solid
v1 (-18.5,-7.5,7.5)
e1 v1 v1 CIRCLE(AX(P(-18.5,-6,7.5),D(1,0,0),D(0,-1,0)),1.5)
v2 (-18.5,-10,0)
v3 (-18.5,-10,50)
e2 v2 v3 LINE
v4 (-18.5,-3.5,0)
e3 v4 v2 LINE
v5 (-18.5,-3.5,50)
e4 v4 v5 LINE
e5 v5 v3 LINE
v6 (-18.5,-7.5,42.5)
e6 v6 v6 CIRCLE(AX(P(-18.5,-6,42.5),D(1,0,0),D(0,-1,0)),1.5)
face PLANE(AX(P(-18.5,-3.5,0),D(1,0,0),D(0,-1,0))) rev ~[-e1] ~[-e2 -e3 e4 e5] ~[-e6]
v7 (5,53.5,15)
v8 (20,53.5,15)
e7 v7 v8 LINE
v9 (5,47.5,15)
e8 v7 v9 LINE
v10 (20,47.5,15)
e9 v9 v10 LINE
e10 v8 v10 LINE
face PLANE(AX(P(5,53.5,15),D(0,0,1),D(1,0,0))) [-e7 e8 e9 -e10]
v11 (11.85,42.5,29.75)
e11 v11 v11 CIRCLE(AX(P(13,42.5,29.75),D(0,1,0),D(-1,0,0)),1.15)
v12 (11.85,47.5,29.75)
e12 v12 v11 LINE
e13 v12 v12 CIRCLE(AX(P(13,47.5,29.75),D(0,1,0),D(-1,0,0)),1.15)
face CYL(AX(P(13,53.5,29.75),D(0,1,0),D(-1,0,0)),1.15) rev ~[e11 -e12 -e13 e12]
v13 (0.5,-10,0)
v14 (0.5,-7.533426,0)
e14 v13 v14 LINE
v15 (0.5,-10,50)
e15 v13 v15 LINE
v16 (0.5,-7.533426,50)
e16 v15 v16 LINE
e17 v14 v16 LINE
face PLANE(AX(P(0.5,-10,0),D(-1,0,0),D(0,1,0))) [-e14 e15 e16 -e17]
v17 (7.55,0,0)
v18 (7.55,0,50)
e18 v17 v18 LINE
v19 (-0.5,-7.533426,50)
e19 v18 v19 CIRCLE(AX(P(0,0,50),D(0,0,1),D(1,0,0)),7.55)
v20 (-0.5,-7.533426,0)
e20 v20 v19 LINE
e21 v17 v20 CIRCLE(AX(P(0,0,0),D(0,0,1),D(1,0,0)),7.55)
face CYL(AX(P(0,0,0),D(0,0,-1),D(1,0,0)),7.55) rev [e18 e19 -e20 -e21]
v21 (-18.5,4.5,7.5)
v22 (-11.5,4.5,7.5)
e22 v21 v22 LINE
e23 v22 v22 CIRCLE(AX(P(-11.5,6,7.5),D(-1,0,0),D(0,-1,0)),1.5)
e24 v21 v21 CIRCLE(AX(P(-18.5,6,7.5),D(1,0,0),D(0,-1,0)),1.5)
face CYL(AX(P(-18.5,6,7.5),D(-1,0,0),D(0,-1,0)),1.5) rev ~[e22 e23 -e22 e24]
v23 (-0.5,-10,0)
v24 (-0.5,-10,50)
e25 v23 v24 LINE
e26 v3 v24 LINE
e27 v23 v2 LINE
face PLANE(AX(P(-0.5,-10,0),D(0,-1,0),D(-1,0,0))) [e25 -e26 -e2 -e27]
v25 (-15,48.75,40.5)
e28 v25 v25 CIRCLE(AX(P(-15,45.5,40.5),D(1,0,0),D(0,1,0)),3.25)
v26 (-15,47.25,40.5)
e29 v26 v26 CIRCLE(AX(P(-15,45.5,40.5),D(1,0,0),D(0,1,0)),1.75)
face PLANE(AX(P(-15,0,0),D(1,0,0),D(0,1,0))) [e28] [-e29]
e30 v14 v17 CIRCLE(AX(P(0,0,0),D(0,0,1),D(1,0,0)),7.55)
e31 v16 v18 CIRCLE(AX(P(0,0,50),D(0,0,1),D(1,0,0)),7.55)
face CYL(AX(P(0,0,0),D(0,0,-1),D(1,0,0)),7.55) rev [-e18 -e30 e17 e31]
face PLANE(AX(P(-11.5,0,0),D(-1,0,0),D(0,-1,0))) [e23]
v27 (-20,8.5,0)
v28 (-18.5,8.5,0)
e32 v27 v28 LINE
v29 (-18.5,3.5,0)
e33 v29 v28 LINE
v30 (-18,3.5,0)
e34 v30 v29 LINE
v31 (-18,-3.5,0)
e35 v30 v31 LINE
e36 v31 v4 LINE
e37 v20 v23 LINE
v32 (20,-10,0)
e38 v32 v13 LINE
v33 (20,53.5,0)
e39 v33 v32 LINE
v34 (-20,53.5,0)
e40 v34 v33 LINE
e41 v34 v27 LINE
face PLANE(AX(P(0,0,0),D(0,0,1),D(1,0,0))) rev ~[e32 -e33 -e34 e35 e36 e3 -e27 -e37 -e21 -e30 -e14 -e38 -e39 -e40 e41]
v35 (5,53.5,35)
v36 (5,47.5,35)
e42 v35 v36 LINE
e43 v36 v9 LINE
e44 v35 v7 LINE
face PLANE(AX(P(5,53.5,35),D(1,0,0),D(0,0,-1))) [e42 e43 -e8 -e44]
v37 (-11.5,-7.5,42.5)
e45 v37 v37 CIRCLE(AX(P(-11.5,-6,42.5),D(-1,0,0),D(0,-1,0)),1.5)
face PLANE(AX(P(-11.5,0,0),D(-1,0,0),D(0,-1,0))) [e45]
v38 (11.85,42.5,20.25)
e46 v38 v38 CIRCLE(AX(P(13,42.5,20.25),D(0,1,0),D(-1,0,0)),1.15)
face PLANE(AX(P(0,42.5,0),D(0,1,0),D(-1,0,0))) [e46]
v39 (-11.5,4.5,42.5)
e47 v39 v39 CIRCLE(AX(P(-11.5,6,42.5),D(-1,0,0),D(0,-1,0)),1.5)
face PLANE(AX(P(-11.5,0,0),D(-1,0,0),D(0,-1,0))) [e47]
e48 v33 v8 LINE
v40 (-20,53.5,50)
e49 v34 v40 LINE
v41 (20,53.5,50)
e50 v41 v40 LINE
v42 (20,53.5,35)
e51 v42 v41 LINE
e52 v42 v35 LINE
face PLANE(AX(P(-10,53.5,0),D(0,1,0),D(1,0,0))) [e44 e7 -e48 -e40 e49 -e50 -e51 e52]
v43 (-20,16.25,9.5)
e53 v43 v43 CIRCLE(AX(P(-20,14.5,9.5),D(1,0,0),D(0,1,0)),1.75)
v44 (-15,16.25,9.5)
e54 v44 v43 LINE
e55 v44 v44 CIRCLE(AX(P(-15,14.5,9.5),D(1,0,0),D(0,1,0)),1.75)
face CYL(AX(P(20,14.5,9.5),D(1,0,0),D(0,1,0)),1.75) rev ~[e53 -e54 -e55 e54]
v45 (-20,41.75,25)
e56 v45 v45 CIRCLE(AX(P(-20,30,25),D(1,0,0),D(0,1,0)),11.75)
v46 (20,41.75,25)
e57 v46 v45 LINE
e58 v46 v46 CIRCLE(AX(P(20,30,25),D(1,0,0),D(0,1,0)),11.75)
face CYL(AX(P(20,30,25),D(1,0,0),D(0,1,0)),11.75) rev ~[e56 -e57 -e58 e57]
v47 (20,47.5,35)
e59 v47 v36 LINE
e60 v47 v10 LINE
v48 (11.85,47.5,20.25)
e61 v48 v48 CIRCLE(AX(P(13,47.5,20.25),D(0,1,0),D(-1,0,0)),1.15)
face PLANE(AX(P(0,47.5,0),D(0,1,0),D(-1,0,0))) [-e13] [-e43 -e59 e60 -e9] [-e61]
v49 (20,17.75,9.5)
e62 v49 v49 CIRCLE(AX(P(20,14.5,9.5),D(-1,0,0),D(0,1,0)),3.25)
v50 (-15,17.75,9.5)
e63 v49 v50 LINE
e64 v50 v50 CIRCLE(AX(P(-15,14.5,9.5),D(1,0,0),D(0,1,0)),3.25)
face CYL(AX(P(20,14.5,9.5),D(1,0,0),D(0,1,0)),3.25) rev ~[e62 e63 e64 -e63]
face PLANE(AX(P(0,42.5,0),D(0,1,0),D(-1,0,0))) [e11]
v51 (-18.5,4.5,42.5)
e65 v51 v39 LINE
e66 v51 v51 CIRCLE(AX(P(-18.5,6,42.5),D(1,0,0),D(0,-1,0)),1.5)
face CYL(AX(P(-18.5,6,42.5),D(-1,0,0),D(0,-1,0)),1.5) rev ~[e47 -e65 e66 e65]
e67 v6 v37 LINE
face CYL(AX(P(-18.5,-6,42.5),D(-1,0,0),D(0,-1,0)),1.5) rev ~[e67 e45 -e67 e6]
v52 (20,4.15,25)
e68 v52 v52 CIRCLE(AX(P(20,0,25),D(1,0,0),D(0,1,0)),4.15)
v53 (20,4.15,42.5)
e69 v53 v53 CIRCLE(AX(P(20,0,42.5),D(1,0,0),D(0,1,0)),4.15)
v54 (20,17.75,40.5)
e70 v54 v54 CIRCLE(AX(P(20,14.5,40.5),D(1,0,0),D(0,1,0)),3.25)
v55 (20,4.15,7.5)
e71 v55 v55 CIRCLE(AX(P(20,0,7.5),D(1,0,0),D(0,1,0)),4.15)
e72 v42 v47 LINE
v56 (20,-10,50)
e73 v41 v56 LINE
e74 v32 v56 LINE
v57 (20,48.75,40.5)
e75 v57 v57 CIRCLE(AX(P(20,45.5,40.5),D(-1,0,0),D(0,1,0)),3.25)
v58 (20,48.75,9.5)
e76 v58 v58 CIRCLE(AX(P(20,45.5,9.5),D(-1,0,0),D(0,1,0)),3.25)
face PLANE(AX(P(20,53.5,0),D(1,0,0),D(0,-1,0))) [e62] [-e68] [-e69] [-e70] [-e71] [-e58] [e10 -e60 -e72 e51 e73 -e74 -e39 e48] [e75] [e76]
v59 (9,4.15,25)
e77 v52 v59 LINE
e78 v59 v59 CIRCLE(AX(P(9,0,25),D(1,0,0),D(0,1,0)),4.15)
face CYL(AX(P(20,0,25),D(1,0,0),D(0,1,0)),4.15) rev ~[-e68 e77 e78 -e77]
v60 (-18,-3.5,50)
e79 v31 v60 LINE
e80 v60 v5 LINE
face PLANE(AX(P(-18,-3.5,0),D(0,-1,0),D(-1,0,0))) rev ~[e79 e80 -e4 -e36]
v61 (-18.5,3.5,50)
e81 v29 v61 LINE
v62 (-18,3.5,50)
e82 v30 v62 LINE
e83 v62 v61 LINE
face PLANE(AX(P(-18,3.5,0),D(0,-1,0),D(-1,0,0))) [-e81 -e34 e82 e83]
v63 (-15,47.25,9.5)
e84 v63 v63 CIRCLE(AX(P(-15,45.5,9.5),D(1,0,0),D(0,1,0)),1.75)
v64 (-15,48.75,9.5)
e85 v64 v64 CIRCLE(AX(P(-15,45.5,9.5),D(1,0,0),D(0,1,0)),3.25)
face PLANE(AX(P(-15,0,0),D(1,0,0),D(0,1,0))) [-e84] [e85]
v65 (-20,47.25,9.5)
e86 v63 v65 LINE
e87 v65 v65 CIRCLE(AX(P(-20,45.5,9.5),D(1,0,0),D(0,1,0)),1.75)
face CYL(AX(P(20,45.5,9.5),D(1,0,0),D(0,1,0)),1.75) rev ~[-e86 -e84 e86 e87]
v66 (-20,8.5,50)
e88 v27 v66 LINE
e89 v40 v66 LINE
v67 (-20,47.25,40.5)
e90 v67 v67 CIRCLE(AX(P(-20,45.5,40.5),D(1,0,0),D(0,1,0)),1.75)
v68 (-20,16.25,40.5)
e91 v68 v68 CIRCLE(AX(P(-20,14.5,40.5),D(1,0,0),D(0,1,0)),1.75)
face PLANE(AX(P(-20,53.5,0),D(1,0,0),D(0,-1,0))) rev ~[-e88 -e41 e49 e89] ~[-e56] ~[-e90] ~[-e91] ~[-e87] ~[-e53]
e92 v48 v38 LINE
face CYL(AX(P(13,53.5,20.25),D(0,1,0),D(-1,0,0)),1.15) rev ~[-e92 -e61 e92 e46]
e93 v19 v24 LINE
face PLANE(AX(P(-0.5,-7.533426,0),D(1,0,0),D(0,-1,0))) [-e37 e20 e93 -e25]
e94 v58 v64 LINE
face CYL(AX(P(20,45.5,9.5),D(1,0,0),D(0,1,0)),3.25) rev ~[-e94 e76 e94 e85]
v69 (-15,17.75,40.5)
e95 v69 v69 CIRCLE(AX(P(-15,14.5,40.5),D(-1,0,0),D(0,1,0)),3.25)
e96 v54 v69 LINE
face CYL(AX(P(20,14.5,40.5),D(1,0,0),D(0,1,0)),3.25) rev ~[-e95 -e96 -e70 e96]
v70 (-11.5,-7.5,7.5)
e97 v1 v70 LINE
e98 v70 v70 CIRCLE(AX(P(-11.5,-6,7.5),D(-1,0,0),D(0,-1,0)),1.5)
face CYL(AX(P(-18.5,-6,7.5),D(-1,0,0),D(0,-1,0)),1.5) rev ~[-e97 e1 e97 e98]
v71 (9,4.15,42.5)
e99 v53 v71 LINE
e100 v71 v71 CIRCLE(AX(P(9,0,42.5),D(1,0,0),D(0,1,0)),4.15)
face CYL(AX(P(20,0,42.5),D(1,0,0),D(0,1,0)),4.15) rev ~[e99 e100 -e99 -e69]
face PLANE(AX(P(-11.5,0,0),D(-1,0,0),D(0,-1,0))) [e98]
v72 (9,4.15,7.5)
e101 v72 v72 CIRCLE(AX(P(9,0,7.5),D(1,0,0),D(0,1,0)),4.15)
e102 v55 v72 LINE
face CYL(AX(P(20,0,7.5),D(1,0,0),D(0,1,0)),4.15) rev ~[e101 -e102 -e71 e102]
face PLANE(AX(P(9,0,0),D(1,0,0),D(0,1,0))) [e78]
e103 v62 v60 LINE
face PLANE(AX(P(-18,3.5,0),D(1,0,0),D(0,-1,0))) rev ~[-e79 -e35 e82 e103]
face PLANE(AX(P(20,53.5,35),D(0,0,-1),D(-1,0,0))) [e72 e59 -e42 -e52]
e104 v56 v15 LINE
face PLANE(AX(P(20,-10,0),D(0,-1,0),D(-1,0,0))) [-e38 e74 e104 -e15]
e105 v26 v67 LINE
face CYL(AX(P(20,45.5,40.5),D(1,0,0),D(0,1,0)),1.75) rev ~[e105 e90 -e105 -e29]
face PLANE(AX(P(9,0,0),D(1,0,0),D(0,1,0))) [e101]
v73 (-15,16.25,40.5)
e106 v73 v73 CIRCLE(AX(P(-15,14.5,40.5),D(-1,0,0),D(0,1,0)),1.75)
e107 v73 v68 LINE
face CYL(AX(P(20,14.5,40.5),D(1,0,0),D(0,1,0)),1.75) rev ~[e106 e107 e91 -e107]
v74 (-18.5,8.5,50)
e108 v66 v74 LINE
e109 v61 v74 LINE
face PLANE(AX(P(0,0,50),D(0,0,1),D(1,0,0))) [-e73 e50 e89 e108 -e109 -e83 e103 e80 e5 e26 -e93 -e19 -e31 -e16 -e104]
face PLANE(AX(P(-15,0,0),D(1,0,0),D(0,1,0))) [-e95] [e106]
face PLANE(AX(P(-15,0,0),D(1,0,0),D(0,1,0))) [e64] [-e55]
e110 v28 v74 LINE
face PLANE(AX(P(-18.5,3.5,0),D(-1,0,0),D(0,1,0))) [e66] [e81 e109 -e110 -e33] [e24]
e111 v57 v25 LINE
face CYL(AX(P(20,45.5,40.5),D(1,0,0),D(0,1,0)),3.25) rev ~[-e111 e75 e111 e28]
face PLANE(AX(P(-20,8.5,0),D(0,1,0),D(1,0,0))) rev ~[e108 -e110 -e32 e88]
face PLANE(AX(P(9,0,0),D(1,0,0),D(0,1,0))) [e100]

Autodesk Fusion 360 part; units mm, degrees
sketch "Skizze1" plane through (0, 0, 0) normal (0, 0, 1) x (1, 0, 0)
  circle A0 centre (0, 0) radius 7.55
  line L0 (20, -10) -> (-10, -10)
  line L1 (-10, -10) -> (-10, 53.5)
  line L2 (-10, 53.5) -> (20, 53.5)
  line L3 (20, 53.5) -> (20, -10)
  line L4 (0, 0) -> (0, -10)
  line L5 (0, -10) -> (-0.5, -10)
  line L6 (-0.5, -10) -> (0.5, -10)
  line L7 (0.5, -10) -> (0.5, -7.3)
  line L8 (0.5, -7.3) -> (-0.5, -7.3)
  line L9 (-0.5, -7.3) -> (-0.5, -10)
  line L10 (-18, 3.5) -> (-18, -3.5)
  line L11 (-18, 3.5) -> (-18.5, 3.5)
  line L12 (-18, -3.5) -> (-18.5, -3.5)
  line L13 (-18.5, -3.5) -> (-18.5, -10)
  line L14 (-18.5, -10) -> (-10, -10)
  line L15 (-18.5, 3.5) -> (-18.5, 8.5)
  line L16 (-18.5, 8.5) -> (-10, 8.5)
  line L17 (-10, 53.5) -> (-20, 53.5)
  line L18 (-20, 53.5) -> (-20, 8.5)
  line L19 (-20, 8.5) -> (-10, 8.5)
  line L20 (-10, 8.5) -> (-10, 53.5)
  dimension "d1" = 15.1
  dimension "d4" = 20
  dimension "d5" = 10
  dimension "d6" = 10
  dimension "d7" = 63.5
  dimension "d15" = 18
  dimension "d16" = 7
  dimension "d17" = 3.5
  dimension "d18" = 0.5
  dimension "d19" = 0.5
  dimension "d54" = 10
extrude "Extrusion1" add sketch "Skizze1" along normal blind 50 contours A0 L0 L1 L2 L3 L7 L9 L20 | L1 L10 L11 L12 L13 L14 L15 L16 L19 | L1 L16 L17 L18 L19 L20
sketch "Skizze2" plane through (20, 0, 0) normal (1, 0, 0) x (0, 1, 0)
  line L0 (-10, 0) -> (53.5, 0)
  line L1 (53.5, 0) -> (53.5, 50)
  line L2 (53.5, 50) -> (-10, 50)
  line L3 (-10, 50) -> (-10, 0)
  circle A0 centre (0, 25) radius 4.15
  circle A1 centre (30, 25) radius 11.75
  line L4 (14.5, 40.5) -> (45.5, 40.5)
  line L5 (45.5, 40.5) -> (45.5, 9.5)
  line L6 (45.5, 9.5) -> (14.5, 9.5)
  line L7 (14.5, 9.5) -> (14.5, 40.5)
  circle A2 centre (14.5, 40.5) radius 3.25
  circle A3 centre (45.5, 40.5) radius 3.25
  circle A4 centre (45.5, 9.5) radius 3.25
  circle A5 centre (14.5, 9.5) radius 3.25
  circle A6 centre (14.5, 40.5) radius 1.75
  circle A7 centre (45.5, 40.5) radius 1.75
  circle A8 centre (45.5, 9.5) radius 1.75
  circle A9 centre (14.5, 9.5) radius 1.75
  circle A10 centre (0, 7.5) radius 4.15
  circle A11 centre (0, 42.5) radius 4.15
  dimension "d10" = 8.3
  dimension "d11" = 10
  dimension "d42" = 25
  dimension "d55" = 30
  dimension "d56" = 25
  dimension "d57" = 23.5
  dimension "d58" = 31
  dimension "d59" = 31
  dimension "d60" = 15.5
  dimension "d61" = 15.5
  dimension "d62" = 6.5
  dimension "d63" = 3.5
  dimension "d78" = 10
  dimension "d80" = 10
  dimension "d81" = 17.5
  dimension "d82" = 17.5
extrude "Extrusion7" cut sketch "Skizze2" against normal blind 40 contours A1 | L4 L7 A6 | L4 L7 A6 | L4 L5 A7 | L4 L5 A7 | L6 L7 A9 | L6 L7 A9 | L5 L6 A8 | L5 L6 A8
extrude "Extrusion8" cut sketch "Skizze2" against normal blind 35 contours L4 L7 A2 A6 | L4 L7 A2 A6 | L4 L5 A3 A7 | L4 L5 A3 A7 | L6 L7 A5 A9 | L6 L7 A5 A9 | L5 L6 A4 A8 | L5 L6 A4 A8
extrude "Extrusion2" cut sketch "Skizze2" against normal blind 11 contours A0 | A10 | A11
sketch "Skizze3" plane through (0, 0, 50) normal (0, 0, 1) x (-1, 0, 0)
  line L0 (18, -3.5) -> (18, 3.5)
  line L1 (18, 3.5) -> (18.5, 3.5)
  line L2 (18.5, 3.5) -> (18.5, 10)
  line L3 (18.5, 10) -> (10, 10)
  line L4 (10, 10) -> (0.5, 10)
  line L5 (0.5, 10) -> (0.5, 7.5334)
  arc A0 (-0.5, 7.5334) -> (0.5, 7.5334) centre (0, 0) ccw
  line L6 (-0.5, 7.5334) -> (-0.5, 10)
  line L7 (-0.5, 10) -> (-20, 10)
  line L8 (-20, 10) -> (-20, -53.5)
  line L9 (-20, -53.5) -> (20, -53.5)
  line L10 (18.5, -8.5) -> (18.5, -3.5)
  line L11 (18.5, -3.5) -> (18, -3.5)
  line L12 (-20, -53.5) -> (10, -53.5)
  line L13 (10, -53.5) -> (10, -8.5)
  line L14 (-20, -8.5) -> (-20, -53.5)
  arc A1 (-10, -8.5) -> (10, -8.5) centre (0, 0) ccw
  line L15 (-10, -8.5) -> (-20, -8.5)
  line L16 (20, -53.5) -> (20, -8.5)
  line L17 (20, -8.5) -> (18.5, -8.5)
sketch "Skizze5" plane through (0, 53.5, 0) normal (0, 1, 0) x (-1, 0, 0)
  line L0 (-20, 50) -> (-20, 0)
  line L1 (-20, 0) -> (20, 0)
  line L2 (-20, 25) -> (-13, 25)
  line L3 (-13, 25) -> (-13, 29.75)
  line L4 (-13, 25) -> (-13, 20.25)
  circle A0 centre (-13, 29.75) radius 1.15
  circle A1 centre (-13, 20.25) radius 1.15
  line L5 (20, 50) -> (-20, 50)
  line L6 (20, 0) -> (20, 50)
  dimension "d23" = 7
  dimension "d24" = 4.75
  dimension "d25" = 2.3
  dimension "d26" = 2.3
extrude "Extrusion4" cut sketch "Skizze5" against normal blind 11 contours A0 | A1
sketch "Skizze6" plane through (-18.5, 0, 0) normal (-1, 0, 0) x (0, -1, 0)
  line L0 (-8.5, 0) -> (-3.5, 0)
  line L1 (-3.5, 0) -> (-3.5, 50)
  line L2 (-3.5, 50) -> (-8.5, 50)
  line L3 (-6, 50) -> (-6, 0)
  line L4 (6, 50) -> (6, 0)
  circle A0 centre (-6, 42.5) radius 1.5
  circle A1 centre (-6, 7.5) radius 1.5
  circle A2 centre (6, 7.5) radius 1.5
  circle A3 centre (6, 42.5) radius 1.5
  line L5 (3.5, 50) -> (10, 50)
  line L6 (3.5, 0) -> (10, 0)
  line L7 (-8.5, 50) -> (-8.5, 0)
  circle A4 centre (-6, 42.5) radius 3.25
  circle A5 centre (-6, 7.5) radius 3.25
  dimension "d29" = 12
  dimension "d30" = 3
  dimension "d31" = 3
  dimension "d32" = 3
  dimension "d33" = 3
  dimension "d35" = 7.5
  dimension "d36" = 7.5
  dimension "d37" = 7.5
  dimension "d38" = 7.5
  dimension "d73" = 6.5
  dimension "d74" = 6.5
extrude "Extrusion5" cut sketch "Skizze6" against normal blind 7 contours L3 A1 | L3 A1 | L3 A0 | L3 A0 | L4 A3 | L4 A2 | L4 A2 | L4 A3
sketch "Skizze9" plane through (0, 53.5, 0) normal (0, 1, 0) x (-1, 0, 0)
  circle A0 centre (-13, 29.75) radius 1.15
  circle A1 centre (-13, 20.25) radius 1.15
  line L0 (-20, 0) -> (20, 0)
  line L1 (20, 0) -> (20, 50)
  line L2 (20, 50) -> (-20, 50)
  line L3 (-20, 50) -> (-20, 0)
  line L4 (-20, 35) -> (-5, 35)
  line L5 (-5, 35) -> (-5, 15)
  line L6 (-5, 15) -> (-20, 15)
  line L7 (-20, 15) -> (-20, 35)
  line L8 (-20, 40.5) -> (-20, 9.5)
  point P0 (-20, 25)
  dimension "d68" = 15
  dimension "d69" = 20
  dimension "d70" = 10
extrude "Extrusion9" cut sketch "Skizze9" against normal blind 6 contours L3 L4 L5 L6 L7 L8
sketch "Skizze10" plane through (0, 0, 0) normal (0, 0, 1) x (1, 0, 0)
equation "d60 = ( 31 / 2 ) * 1 mm"
equation "d61 = ( 31 / 2 ) * 1 mm"
